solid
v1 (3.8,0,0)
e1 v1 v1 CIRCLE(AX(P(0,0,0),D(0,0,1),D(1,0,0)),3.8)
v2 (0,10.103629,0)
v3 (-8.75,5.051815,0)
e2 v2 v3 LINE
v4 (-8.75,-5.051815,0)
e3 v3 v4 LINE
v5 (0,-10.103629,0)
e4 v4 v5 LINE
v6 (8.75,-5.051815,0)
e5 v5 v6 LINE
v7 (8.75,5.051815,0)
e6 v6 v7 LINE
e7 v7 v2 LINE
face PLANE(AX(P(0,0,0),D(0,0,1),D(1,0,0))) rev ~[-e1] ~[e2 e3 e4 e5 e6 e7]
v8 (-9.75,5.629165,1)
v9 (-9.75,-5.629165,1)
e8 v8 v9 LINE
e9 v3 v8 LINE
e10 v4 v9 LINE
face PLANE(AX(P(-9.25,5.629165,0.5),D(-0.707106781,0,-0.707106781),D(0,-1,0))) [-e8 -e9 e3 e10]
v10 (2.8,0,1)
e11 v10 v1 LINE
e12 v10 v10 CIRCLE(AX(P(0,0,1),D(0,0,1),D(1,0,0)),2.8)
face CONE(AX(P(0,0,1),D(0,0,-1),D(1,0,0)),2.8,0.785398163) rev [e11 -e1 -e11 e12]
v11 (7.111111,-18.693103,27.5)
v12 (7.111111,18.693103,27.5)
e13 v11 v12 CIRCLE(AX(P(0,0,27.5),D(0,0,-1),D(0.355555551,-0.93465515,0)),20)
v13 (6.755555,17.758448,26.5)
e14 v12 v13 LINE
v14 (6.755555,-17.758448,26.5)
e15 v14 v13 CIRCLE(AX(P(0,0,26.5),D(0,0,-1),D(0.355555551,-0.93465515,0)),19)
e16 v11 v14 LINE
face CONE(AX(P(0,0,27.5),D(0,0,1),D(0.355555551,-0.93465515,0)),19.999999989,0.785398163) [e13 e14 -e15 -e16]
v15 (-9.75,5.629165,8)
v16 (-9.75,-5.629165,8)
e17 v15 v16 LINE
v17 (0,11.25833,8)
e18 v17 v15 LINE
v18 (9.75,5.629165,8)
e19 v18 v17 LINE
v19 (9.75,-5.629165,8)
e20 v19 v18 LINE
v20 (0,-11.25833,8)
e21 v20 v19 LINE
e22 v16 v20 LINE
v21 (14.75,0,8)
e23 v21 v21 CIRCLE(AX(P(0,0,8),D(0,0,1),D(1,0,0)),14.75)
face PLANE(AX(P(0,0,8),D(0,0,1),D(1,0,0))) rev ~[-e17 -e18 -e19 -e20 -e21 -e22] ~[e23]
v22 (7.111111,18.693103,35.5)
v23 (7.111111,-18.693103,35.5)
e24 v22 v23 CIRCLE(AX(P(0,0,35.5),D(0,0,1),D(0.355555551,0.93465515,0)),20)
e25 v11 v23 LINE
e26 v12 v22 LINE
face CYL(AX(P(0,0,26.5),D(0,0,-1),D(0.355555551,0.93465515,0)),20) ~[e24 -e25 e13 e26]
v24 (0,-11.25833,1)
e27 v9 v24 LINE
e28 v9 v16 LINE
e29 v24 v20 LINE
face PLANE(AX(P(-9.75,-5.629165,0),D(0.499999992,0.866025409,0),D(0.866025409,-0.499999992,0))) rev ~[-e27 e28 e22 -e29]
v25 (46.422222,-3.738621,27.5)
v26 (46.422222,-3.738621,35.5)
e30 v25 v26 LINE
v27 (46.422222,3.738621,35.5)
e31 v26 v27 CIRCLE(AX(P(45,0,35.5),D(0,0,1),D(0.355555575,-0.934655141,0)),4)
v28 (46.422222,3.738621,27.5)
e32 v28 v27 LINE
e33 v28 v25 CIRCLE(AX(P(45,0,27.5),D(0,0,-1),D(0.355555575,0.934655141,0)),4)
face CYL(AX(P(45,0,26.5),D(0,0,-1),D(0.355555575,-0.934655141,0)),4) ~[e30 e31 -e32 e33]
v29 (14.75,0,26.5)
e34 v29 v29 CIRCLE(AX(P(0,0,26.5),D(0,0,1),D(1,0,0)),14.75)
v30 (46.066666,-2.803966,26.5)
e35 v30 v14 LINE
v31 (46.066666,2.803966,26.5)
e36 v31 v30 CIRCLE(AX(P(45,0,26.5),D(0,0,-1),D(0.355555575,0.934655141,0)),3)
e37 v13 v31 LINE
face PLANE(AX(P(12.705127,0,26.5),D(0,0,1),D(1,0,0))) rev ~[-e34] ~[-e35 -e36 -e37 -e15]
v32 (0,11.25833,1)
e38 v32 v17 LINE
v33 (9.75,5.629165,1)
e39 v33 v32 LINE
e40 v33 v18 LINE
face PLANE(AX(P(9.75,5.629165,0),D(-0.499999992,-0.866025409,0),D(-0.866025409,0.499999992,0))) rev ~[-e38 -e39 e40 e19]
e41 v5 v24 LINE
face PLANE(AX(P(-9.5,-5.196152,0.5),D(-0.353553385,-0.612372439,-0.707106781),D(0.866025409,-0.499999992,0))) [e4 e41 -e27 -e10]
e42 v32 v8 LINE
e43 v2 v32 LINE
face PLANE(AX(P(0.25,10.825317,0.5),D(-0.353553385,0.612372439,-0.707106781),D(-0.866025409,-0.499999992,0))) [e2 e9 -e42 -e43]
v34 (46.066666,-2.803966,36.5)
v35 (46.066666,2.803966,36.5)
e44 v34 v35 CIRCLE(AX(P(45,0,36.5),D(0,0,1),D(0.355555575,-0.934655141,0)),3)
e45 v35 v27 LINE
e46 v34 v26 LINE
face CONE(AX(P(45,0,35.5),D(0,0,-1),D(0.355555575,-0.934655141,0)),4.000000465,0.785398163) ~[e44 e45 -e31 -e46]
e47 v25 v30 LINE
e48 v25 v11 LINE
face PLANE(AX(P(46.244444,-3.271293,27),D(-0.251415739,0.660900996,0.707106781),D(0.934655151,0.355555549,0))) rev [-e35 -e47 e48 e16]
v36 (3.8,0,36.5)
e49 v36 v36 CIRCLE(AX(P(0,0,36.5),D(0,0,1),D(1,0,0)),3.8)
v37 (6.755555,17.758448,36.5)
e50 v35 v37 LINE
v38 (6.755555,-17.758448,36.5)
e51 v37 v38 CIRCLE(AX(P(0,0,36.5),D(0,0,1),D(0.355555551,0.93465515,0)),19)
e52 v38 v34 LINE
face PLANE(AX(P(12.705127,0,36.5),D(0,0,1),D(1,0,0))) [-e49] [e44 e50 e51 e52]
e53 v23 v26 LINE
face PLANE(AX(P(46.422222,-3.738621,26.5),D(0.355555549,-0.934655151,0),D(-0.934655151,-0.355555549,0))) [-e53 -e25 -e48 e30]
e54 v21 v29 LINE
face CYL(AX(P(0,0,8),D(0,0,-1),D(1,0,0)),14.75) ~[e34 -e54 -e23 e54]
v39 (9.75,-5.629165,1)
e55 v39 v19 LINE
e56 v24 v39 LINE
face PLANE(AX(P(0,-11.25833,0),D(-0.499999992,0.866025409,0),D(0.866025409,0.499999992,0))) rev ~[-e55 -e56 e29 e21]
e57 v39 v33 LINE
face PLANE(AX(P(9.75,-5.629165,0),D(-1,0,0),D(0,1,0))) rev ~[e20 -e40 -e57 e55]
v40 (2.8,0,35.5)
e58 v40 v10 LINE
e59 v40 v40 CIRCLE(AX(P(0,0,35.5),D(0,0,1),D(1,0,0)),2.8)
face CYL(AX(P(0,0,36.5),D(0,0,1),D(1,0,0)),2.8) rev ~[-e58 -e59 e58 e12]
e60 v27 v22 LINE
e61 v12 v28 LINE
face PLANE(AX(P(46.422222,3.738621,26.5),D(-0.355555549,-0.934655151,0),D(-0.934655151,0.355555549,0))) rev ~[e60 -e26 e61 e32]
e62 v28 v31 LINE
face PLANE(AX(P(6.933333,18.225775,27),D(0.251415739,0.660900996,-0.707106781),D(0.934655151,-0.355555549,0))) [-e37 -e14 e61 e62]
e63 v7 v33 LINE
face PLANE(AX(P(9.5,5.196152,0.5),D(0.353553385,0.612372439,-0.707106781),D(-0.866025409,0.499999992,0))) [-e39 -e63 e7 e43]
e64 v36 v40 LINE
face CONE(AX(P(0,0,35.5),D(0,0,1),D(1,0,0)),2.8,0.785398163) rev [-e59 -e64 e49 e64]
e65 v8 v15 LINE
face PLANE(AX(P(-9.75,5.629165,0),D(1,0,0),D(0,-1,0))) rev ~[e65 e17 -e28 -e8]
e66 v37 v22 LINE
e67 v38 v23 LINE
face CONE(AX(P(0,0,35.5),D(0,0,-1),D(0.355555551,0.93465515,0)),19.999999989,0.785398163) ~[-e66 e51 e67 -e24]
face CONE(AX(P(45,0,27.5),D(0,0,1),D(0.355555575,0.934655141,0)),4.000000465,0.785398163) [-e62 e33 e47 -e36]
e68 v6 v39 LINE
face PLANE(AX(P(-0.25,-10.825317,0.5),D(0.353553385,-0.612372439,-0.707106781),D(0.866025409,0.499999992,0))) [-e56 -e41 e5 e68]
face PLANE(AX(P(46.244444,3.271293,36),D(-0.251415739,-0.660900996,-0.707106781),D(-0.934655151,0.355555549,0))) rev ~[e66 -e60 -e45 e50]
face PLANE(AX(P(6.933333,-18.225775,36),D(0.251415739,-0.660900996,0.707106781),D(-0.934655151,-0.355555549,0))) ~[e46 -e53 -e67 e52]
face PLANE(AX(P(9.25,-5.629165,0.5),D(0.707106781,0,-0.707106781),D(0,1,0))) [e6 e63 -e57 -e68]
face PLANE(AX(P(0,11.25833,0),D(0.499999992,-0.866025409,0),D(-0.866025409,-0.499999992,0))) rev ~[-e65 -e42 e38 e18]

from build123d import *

# Parameters (mm, degrees)
PAD003_DEPTH    = 8
SKETCH007_R     = 14.75
PAD004_DEPTH    = 18.5
PAD005_DEPTH    = 10
SKETCH009_R     = 2.8
POCKET002_DEPTH = 36.501
CHAMFER_SIZE    = 1


with BuildPart() as part:
    # Sketch006 → Pad003 (new body)
    with BuildSketch(Plane.XY):
        Polygon((0, -11.25833), (9.75, -5.629165), (9.75, 5.629165), (0, 11.25833), (-9.75, 5.629165), (-9.75, -5.629165), align=None)
    extrude(amount=PAD003_DEPTH)

    # Sketch007 (on Face8 of Pad003) → Pad004 (join)
    with BuildSketch(Plane.XY.offset(8)):
        Circle(SKETCH007_R)
    extrude(amount=PAD004_DEPTH)

    # Sketch008 (on Face3 of Pad004) → Pad005 (join)
    with BuildSketch(Plane.XY.offset(26.5)):
        with BuildLine():
            ThreePointArc((7.111111, 18.693103), (-20, 0), (7.111111, -18.693103))
            Line((46.422222, -3.738621), (7.111111, -18.693103))
            ThreePointArc((46.422222, -3.738621), (49, 0), (46.422222, 3.738621))
            Line((46.422222, 3.738621), (7.111111, 18.693103))
        make_face()
    extrude(amount=PAD005_DEPTH)

    # Sketch009 (on Face5 of Pad005) → Pocket002 (cut, through all)
    with BuildSketch(Plane.XY.offset(36.5)):
        Circle(SKETCH009_R)
    extrude(amount=-POCKET002_DEPTH, mode=Mode.SUBTRACT)

    # Chamfer
    chamfer_edges = [part.edges().sort_by_distance(p)[0] for p in [
        (49, 0, 36.5),
        (26.766667, -11.215862, 36.5),
        (26.766667, 11.215862, 36.5),
        (-20, 0, 36.5),
        (-2.8, 0, 36.5),
        (26.766667, -11.215862, 26.5),
        (4.875, -8.443748, 0),
        (-4.875, -8.443748, 0),
        (9.75, 0, 0),
        (-9.75, 0, 0),
        (4.875, 8.443748, 0),
        (-4.875, 8.443748, 0),
        (-2.8, 0, 0),
    ]]
    chamfer(chamfer_edges, length=CHAMFER_SIZE)


solid = part.part
